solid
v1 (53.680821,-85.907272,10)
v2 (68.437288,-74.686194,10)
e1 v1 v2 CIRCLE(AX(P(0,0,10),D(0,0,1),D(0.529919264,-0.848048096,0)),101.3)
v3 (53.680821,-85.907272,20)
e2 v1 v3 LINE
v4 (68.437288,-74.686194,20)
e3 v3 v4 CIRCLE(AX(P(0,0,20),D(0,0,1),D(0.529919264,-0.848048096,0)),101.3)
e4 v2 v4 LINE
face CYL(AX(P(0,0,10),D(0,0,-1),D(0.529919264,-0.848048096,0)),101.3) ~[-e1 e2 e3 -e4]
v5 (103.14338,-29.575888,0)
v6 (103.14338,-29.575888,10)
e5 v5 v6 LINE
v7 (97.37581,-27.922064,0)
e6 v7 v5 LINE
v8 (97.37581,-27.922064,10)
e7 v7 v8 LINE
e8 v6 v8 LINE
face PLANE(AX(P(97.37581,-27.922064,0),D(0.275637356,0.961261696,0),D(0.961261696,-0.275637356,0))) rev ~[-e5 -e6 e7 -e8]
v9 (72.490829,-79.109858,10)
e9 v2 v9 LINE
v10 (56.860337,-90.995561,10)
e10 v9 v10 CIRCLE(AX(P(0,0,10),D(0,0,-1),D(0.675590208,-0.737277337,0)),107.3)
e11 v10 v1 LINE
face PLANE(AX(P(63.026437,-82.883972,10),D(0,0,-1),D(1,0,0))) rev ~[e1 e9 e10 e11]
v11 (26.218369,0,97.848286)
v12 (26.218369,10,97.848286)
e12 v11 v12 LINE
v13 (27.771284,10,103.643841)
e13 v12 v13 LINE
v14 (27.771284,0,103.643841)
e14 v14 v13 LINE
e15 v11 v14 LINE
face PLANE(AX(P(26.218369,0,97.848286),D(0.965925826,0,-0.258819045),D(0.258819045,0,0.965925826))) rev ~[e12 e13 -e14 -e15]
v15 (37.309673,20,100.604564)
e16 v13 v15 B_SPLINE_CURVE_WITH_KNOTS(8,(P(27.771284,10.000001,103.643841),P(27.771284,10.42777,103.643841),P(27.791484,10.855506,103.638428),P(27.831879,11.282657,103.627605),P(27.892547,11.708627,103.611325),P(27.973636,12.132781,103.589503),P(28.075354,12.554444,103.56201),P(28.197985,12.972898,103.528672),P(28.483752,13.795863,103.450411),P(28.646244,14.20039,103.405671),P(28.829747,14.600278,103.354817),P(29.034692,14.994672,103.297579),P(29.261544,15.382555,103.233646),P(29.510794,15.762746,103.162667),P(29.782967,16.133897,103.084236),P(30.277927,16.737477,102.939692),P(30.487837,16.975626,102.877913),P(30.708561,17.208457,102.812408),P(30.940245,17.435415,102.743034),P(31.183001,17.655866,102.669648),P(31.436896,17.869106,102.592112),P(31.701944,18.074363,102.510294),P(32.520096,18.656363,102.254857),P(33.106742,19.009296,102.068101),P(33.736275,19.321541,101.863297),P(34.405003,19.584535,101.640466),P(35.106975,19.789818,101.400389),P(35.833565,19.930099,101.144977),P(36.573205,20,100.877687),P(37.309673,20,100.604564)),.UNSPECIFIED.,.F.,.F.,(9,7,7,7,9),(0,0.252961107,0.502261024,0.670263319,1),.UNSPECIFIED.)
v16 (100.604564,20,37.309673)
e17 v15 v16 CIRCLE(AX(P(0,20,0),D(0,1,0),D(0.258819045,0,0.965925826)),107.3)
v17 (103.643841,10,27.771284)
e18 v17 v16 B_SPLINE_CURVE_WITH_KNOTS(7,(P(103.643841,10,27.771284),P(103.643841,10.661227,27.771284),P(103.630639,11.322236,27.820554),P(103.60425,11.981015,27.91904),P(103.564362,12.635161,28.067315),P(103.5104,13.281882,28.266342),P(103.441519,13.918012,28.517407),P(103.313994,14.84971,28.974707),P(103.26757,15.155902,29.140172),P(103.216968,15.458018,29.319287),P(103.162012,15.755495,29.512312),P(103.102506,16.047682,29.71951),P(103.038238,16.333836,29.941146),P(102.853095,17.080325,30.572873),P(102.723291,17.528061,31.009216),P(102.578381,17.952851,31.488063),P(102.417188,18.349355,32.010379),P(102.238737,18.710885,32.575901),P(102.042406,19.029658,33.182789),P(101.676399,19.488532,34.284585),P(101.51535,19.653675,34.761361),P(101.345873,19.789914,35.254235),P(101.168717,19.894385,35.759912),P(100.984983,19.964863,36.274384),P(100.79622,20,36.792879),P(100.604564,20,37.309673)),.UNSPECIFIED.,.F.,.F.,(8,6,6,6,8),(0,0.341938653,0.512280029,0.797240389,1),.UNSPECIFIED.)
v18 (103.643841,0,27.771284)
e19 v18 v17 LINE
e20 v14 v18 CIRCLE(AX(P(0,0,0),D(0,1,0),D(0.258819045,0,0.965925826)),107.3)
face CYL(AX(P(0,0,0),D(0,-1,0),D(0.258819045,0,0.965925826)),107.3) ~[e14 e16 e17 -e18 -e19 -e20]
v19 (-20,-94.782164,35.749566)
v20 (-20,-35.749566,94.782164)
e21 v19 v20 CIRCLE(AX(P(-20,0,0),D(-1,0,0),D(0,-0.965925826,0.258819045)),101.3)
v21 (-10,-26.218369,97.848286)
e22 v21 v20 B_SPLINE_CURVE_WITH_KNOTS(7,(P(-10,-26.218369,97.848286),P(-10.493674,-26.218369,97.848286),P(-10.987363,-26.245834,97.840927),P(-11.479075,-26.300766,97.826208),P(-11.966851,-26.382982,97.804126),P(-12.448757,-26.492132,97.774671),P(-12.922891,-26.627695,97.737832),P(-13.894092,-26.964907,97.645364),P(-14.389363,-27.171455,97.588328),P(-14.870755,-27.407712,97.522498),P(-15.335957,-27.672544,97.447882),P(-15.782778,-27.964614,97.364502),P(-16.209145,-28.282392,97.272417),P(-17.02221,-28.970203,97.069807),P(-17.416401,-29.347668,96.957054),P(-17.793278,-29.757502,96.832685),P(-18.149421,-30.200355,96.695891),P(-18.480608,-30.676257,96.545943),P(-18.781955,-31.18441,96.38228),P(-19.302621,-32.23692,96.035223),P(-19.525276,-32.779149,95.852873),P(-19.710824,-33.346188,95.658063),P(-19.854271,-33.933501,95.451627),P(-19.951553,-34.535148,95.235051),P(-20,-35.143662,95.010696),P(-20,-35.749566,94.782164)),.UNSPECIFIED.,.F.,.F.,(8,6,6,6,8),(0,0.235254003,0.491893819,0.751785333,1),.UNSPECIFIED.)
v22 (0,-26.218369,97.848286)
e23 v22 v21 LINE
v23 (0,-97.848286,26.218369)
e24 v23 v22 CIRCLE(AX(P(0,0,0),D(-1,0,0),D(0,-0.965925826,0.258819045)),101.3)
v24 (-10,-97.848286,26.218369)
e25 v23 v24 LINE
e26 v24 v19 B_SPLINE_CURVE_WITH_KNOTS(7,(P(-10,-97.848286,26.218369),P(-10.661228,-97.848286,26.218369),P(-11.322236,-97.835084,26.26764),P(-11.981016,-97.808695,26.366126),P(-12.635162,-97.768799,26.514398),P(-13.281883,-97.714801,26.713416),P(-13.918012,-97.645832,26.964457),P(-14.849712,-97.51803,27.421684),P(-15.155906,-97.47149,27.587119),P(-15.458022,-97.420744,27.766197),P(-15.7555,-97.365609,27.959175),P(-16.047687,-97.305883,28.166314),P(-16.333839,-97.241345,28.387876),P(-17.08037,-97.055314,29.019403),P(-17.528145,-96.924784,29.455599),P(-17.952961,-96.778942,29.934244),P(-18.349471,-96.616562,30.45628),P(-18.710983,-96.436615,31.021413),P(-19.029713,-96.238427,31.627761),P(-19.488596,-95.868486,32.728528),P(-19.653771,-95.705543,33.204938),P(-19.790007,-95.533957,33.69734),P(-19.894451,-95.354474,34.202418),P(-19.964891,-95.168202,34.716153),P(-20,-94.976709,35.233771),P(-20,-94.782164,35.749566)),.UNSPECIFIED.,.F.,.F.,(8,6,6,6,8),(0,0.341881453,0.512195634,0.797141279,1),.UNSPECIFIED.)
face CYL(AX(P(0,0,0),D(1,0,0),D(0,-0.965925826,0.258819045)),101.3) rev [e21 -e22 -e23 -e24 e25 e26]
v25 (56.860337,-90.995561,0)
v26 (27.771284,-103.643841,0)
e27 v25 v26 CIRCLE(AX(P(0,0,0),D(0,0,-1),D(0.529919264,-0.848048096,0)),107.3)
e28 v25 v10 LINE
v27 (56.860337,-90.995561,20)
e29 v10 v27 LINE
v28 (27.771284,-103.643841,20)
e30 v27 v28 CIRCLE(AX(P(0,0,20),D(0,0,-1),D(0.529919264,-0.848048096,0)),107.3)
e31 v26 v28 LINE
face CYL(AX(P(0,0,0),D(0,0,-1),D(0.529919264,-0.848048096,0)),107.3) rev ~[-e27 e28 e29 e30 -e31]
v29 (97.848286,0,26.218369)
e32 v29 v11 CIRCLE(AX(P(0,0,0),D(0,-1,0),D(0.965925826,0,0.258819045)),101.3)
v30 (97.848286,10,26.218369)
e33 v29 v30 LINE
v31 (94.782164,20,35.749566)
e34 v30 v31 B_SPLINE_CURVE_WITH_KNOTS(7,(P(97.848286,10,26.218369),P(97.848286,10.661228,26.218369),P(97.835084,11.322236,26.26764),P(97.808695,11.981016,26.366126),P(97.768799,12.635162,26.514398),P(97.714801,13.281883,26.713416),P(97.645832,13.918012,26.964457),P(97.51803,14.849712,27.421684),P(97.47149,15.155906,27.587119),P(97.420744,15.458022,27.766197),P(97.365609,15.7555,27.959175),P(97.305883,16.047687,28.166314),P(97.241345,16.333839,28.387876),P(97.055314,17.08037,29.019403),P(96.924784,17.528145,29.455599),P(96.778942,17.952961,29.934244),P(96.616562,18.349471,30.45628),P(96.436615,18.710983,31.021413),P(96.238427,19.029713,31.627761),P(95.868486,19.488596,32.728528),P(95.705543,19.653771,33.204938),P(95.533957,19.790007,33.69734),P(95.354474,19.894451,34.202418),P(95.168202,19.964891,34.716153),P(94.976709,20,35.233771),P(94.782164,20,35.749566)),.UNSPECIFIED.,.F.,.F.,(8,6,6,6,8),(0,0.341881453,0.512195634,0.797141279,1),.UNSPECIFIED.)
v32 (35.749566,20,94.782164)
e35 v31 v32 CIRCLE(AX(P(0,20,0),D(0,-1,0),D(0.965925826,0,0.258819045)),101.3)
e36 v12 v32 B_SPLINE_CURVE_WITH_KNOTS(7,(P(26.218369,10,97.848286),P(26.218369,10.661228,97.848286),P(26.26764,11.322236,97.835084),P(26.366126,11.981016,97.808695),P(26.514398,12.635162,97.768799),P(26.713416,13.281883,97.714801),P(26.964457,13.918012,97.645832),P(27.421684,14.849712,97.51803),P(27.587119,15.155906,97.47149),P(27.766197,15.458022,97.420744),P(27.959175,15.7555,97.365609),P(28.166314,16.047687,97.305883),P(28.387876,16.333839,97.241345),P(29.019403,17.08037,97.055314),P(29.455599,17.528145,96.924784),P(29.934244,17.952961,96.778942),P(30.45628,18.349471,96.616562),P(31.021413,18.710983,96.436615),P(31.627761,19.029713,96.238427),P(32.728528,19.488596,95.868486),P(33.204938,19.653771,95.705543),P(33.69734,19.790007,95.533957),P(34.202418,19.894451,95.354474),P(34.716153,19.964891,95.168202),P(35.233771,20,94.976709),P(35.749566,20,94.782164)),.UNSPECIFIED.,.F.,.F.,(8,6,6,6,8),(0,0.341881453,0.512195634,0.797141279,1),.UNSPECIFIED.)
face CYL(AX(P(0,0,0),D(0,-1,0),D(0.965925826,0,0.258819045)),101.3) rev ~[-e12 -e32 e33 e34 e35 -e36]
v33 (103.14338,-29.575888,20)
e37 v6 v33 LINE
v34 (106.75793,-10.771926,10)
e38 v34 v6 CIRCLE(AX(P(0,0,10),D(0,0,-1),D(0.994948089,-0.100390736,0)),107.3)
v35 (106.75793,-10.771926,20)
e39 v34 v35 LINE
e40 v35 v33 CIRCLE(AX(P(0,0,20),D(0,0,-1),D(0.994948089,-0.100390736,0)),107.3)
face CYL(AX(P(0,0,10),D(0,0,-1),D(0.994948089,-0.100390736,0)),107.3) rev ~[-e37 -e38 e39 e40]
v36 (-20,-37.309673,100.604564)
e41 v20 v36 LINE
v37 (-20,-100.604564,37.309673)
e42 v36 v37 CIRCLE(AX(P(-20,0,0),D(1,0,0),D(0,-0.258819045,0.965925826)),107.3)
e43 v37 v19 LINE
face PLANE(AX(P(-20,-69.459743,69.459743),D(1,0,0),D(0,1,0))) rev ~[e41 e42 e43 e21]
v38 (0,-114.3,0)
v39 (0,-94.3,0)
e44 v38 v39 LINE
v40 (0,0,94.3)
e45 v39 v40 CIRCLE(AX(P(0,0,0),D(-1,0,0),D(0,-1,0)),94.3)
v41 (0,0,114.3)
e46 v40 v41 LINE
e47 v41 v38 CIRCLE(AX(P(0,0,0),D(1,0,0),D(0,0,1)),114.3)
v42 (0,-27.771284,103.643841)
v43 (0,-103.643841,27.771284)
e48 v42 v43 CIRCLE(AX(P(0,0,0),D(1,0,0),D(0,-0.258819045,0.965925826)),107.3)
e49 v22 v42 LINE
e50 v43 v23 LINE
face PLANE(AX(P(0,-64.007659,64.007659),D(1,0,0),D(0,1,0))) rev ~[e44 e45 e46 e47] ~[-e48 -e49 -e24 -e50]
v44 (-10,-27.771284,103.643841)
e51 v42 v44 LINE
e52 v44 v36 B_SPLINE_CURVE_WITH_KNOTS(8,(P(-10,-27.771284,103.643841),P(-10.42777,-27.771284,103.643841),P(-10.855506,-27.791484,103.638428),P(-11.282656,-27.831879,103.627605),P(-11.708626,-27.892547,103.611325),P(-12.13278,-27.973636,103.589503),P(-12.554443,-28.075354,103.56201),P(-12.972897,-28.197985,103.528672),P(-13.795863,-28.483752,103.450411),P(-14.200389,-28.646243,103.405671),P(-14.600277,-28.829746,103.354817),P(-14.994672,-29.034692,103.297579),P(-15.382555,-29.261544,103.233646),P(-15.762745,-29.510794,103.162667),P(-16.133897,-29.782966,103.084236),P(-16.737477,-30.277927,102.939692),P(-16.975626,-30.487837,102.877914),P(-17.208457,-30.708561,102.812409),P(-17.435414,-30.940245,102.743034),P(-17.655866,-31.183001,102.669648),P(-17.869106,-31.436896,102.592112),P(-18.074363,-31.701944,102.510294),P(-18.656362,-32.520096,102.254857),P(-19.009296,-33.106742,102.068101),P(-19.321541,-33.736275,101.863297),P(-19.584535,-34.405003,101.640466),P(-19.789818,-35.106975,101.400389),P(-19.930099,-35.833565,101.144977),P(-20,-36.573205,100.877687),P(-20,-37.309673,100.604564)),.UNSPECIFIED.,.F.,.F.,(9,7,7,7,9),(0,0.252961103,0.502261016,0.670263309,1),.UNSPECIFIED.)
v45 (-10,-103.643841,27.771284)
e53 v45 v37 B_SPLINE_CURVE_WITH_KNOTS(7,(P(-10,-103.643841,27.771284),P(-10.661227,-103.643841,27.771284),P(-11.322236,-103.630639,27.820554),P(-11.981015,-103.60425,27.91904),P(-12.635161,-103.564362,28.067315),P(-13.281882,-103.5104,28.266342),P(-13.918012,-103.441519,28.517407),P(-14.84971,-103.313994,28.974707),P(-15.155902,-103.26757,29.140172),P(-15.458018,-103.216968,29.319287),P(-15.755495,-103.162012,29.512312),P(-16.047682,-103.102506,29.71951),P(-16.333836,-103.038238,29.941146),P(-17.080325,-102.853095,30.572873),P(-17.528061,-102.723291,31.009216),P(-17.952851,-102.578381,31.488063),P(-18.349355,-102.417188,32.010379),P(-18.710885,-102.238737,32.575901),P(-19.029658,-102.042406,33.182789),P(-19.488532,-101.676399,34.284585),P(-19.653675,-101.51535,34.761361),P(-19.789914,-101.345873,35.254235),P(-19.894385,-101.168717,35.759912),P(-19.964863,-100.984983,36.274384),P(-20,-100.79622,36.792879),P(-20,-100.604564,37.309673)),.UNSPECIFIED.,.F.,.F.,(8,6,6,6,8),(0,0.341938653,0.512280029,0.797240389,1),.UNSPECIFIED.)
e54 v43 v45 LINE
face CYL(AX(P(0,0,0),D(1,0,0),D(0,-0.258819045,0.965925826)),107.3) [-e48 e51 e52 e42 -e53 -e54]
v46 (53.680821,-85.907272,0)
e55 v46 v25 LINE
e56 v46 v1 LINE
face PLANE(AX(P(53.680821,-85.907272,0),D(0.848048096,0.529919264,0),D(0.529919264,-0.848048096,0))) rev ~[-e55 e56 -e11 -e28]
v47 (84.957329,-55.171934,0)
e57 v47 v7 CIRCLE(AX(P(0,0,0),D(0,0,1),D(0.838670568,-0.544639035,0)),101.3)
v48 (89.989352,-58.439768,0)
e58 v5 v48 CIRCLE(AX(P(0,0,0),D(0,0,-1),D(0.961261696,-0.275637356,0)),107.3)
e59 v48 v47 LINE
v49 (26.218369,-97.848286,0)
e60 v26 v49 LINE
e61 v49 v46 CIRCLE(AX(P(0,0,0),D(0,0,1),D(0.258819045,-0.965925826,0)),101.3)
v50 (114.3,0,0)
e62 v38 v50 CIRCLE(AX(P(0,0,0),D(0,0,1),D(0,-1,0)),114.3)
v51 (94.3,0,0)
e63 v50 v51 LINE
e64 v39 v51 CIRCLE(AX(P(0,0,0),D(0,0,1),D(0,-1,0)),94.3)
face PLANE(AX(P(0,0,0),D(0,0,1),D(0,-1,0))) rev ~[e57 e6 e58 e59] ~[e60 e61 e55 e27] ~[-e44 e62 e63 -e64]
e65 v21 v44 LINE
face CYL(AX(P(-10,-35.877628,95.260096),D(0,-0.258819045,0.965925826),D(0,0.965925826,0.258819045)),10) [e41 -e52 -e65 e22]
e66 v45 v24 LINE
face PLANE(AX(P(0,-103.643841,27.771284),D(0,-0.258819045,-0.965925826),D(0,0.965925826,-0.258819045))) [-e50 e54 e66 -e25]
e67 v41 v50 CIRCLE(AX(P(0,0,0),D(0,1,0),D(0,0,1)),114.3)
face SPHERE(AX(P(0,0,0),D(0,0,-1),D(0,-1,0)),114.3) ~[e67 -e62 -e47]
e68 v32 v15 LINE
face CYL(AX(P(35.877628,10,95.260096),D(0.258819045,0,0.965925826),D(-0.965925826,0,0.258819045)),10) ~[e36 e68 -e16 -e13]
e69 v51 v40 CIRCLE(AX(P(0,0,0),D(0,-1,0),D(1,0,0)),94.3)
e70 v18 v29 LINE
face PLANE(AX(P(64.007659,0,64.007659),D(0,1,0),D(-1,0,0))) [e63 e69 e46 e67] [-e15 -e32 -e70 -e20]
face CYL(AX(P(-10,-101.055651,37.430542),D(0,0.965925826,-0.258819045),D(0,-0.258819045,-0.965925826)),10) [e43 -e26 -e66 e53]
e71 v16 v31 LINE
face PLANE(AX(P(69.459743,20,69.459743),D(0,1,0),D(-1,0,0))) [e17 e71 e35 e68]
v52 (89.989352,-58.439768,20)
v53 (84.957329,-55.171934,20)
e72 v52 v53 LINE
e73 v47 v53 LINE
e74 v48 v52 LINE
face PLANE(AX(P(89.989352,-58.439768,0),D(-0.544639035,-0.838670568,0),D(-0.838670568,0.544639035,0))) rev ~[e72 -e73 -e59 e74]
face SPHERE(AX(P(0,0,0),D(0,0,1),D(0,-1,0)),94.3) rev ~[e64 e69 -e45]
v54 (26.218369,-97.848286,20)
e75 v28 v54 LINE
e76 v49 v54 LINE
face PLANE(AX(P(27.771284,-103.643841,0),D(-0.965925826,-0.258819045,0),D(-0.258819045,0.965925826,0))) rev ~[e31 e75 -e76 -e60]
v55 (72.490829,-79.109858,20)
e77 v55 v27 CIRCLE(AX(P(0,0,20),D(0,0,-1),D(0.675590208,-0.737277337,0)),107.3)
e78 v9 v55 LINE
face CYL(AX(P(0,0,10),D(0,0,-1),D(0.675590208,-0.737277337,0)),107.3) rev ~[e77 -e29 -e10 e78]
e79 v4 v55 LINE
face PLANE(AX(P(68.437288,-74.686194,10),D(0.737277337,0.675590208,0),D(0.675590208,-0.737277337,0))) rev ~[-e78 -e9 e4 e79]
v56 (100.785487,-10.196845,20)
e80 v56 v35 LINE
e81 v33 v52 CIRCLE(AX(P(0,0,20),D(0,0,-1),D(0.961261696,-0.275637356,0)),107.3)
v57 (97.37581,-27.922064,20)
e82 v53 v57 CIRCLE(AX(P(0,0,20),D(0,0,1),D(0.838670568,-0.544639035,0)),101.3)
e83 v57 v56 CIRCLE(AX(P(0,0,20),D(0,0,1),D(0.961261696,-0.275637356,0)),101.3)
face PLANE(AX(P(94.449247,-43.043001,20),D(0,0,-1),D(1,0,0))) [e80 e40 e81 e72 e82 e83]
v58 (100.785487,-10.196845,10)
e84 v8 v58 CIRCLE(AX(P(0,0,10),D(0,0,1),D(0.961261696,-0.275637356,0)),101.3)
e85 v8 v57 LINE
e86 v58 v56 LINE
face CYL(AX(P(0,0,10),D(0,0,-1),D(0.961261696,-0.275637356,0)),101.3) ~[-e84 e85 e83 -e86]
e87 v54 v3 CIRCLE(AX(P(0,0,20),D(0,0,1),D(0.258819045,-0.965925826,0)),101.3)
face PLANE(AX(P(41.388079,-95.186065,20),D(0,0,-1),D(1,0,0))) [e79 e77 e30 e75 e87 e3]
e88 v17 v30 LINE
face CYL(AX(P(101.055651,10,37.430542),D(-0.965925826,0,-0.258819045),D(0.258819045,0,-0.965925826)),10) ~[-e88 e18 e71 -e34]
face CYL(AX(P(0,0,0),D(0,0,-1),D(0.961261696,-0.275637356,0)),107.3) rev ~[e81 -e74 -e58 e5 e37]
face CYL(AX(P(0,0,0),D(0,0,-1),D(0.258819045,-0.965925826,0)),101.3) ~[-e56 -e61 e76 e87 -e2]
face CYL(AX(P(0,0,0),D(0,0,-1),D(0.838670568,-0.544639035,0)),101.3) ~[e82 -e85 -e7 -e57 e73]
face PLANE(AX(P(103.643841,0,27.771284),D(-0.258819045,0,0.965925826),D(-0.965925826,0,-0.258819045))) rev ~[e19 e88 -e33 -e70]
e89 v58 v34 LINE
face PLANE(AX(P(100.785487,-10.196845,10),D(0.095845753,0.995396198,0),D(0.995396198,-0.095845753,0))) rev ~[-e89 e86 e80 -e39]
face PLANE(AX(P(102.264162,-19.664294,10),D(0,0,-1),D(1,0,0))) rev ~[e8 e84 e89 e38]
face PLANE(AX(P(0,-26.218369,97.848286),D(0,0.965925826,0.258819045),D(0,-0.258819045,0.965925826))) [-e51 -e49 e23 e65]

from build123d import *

# Parameters (mm, degrees)
F1_ANGLE  = 90
F3_DEPTH  = 20
F5_DEPTH  = 20
F7_DEPTH  = 20
F8_R      = 10
F11_DEPTH = 10


with BuildPart() as f1:
    # F0 (on Right) → F1 (revolve)
    with BuildSketch(Plane.YZ):
        with BuildLine():
            Line((0, 94.3), (0, 114.3))
            ThreePointArc((0, 114.3), (-80.8223050896, 80.8223050896), (-114.3, 0))
            Line((-114.3, 0), (-94.3, 0))
            ThreePointArc((-94.3, 0), (-66.6801694659, 66.6801694659), (0, 94.3))
        make_face()
    revolve(axis=Axis((0, 0, 104.3), (0, 0, 1)), revolution_arc=F1_ANGLE)

    # F2 (on face) → F3 (join)
    with BuildSketch(Plane(origin=(0, 0, 0), x_dir=(-1, 0, 0), z_dir=(0, 1, 0))):
        with BuildLine():
            Line((-26.2183692689, 97.8482862031), (-27.7712835395, 103.6438411608))
            ThreePointArc((-27.7712835395, 103.6438411608), (-75.8725576213, 75.8725576213), (-103.6438411608, 27.7712835395))
            Line((-103.6438411608, 27.7712835395), (-97.8482862031, 26.2183692689))
            ThreePointArc((-97.8482862031, 26.2183692689), (-71.6299169342, 71.6299169342), (-26.2183692689, 97.8482862031))
        make_face()
    extrude(amount=F3_DEPTH)

    # F4 (on face) → F5 (join)
    with BuildSketch(Plane.YZ):
        with BuildLine():
            ThreePointArc((-97.8482862031, 26.2183692689), (-71.6299169342, 71.6299169342), (-26.2183692689, 97.8482862031))
            Line((-26.2183692689, 97.8482862031), (-27.7712835395, 103.6438411608))
            ThreePointArc((-27.7712835395, 103.6438411608), (-75.8725576213, 75.8725576213), (-103.6438411608, 27.7712835395))
            Line((-103.6438411608, 27.7712835395), (-97.8482862031, 26.2183692689))
        make_face()
    extrude(amount=-F5_DEPTH)

    # F6 (on face) → F7 (cut)
    with BuildSketch(Plane(origin=(0, 0, 0), x_dir=(1, 0, 0), z_dir=(0, 0, -1))):
        with BuildLine():
            Line((27.7712835395, 103.6438411608), (26.2183692689, 97.8482862031))
            ThreePointArc((26.2183692689, 97.8482862031), (40.3932806821, 92.8981855352), (53.6808214668, 85.9072721406))
            Line((53.6808214668, 85.9072721406), (56.8603370522, 90.9955607176))
            ThreePointArc((56.8603370522, 90.9955607176), (42.7857750957, 98.4005459815), (27.7712835395, 103.6438411608))
        make_face()
        with BuildLine():
            ThreePointArc((84.9573285329, 55.171934247), (92.1790767398, 42.0084254811), (97.3758097986, 27.9220641443))
            Line((97.3758097986, 27.9220641443), (103.1433799742, 29.5758882792))
            ThreePointArc((103.1433799742, 29.5758882792), (97.6388443651, 44.496584937), (89.9893519405, 58.4397684571))
            Line((89.9893519405, 58.4397684571), (84.9573285329, 55.171934247))
        make_face()
    extrude(amount=-F7_DEPTH, mode=Mode.SUBTRACT)

    # F8
    f8_edges = [f1.edges().sort_by_distance(p)[0] for p in [
        (100.746064, 20, 26.994826),
        (26.994826, 20, 100.746064),
        (-20, -26.994826, 100.746064),
        (-20, -100.746064, 26.994826),
    ]]
    fillet(f8_edges, radius=F8_R)

    # F10 (on offset) → F11 (cut)
    with BuildSketch(Plane(origin=(0, 0, 10), x_dir=(1, 0, 0), z_dir=(0, 0, -1))):
        with BuildLine():
            ThreePointArc((97.3758097986, 27.9220641443), (99.4762319066, 19.1355503099), (100.7854867979, 10.1968451452))
            Line((100.7854867979, 10.1968451452), (106.7579299629, 10.7719260129))
            ThreePointArc((106.7579299629, 10.7719260129), (105.3709505868, 20.2546975401), (103.1433799742, 29.5758882792))
            Line((103.1433799742, 29.5758882792), (97.3758097986, 27.9220641443))
        make_face()
        Polygon((0.327321584, 0.5238240331), (0, 0), (0.4947707785, 0.5399475566), align=None)
        Polygon((0.4947707785, 0.5399475566), (0, 0), (2.5848787999, 0.7412020686), align=None)
        with BuildLine():
            Line((56.8603370522, 90.9955607176), (53.6808214668, 85.9072721406))
            ThreePointArc((53.6808214668, 85.9072721406), (61.3162809887, 80.6350028568), (68.4372880315, 74.6861942189))
            Line((68.4372880315, 74.6861942189), (72.4908292772, 79.1098582397))
            ThreePointArc((72.4908292772, 79.1098582397), (64.948044917, 85.411014872), (56.8603370522, 90.9955607176))
        make_face()
    extrude(amount=-F11_DEPTH, mode=Mode.SUBTRACT)


solid = f1.part
